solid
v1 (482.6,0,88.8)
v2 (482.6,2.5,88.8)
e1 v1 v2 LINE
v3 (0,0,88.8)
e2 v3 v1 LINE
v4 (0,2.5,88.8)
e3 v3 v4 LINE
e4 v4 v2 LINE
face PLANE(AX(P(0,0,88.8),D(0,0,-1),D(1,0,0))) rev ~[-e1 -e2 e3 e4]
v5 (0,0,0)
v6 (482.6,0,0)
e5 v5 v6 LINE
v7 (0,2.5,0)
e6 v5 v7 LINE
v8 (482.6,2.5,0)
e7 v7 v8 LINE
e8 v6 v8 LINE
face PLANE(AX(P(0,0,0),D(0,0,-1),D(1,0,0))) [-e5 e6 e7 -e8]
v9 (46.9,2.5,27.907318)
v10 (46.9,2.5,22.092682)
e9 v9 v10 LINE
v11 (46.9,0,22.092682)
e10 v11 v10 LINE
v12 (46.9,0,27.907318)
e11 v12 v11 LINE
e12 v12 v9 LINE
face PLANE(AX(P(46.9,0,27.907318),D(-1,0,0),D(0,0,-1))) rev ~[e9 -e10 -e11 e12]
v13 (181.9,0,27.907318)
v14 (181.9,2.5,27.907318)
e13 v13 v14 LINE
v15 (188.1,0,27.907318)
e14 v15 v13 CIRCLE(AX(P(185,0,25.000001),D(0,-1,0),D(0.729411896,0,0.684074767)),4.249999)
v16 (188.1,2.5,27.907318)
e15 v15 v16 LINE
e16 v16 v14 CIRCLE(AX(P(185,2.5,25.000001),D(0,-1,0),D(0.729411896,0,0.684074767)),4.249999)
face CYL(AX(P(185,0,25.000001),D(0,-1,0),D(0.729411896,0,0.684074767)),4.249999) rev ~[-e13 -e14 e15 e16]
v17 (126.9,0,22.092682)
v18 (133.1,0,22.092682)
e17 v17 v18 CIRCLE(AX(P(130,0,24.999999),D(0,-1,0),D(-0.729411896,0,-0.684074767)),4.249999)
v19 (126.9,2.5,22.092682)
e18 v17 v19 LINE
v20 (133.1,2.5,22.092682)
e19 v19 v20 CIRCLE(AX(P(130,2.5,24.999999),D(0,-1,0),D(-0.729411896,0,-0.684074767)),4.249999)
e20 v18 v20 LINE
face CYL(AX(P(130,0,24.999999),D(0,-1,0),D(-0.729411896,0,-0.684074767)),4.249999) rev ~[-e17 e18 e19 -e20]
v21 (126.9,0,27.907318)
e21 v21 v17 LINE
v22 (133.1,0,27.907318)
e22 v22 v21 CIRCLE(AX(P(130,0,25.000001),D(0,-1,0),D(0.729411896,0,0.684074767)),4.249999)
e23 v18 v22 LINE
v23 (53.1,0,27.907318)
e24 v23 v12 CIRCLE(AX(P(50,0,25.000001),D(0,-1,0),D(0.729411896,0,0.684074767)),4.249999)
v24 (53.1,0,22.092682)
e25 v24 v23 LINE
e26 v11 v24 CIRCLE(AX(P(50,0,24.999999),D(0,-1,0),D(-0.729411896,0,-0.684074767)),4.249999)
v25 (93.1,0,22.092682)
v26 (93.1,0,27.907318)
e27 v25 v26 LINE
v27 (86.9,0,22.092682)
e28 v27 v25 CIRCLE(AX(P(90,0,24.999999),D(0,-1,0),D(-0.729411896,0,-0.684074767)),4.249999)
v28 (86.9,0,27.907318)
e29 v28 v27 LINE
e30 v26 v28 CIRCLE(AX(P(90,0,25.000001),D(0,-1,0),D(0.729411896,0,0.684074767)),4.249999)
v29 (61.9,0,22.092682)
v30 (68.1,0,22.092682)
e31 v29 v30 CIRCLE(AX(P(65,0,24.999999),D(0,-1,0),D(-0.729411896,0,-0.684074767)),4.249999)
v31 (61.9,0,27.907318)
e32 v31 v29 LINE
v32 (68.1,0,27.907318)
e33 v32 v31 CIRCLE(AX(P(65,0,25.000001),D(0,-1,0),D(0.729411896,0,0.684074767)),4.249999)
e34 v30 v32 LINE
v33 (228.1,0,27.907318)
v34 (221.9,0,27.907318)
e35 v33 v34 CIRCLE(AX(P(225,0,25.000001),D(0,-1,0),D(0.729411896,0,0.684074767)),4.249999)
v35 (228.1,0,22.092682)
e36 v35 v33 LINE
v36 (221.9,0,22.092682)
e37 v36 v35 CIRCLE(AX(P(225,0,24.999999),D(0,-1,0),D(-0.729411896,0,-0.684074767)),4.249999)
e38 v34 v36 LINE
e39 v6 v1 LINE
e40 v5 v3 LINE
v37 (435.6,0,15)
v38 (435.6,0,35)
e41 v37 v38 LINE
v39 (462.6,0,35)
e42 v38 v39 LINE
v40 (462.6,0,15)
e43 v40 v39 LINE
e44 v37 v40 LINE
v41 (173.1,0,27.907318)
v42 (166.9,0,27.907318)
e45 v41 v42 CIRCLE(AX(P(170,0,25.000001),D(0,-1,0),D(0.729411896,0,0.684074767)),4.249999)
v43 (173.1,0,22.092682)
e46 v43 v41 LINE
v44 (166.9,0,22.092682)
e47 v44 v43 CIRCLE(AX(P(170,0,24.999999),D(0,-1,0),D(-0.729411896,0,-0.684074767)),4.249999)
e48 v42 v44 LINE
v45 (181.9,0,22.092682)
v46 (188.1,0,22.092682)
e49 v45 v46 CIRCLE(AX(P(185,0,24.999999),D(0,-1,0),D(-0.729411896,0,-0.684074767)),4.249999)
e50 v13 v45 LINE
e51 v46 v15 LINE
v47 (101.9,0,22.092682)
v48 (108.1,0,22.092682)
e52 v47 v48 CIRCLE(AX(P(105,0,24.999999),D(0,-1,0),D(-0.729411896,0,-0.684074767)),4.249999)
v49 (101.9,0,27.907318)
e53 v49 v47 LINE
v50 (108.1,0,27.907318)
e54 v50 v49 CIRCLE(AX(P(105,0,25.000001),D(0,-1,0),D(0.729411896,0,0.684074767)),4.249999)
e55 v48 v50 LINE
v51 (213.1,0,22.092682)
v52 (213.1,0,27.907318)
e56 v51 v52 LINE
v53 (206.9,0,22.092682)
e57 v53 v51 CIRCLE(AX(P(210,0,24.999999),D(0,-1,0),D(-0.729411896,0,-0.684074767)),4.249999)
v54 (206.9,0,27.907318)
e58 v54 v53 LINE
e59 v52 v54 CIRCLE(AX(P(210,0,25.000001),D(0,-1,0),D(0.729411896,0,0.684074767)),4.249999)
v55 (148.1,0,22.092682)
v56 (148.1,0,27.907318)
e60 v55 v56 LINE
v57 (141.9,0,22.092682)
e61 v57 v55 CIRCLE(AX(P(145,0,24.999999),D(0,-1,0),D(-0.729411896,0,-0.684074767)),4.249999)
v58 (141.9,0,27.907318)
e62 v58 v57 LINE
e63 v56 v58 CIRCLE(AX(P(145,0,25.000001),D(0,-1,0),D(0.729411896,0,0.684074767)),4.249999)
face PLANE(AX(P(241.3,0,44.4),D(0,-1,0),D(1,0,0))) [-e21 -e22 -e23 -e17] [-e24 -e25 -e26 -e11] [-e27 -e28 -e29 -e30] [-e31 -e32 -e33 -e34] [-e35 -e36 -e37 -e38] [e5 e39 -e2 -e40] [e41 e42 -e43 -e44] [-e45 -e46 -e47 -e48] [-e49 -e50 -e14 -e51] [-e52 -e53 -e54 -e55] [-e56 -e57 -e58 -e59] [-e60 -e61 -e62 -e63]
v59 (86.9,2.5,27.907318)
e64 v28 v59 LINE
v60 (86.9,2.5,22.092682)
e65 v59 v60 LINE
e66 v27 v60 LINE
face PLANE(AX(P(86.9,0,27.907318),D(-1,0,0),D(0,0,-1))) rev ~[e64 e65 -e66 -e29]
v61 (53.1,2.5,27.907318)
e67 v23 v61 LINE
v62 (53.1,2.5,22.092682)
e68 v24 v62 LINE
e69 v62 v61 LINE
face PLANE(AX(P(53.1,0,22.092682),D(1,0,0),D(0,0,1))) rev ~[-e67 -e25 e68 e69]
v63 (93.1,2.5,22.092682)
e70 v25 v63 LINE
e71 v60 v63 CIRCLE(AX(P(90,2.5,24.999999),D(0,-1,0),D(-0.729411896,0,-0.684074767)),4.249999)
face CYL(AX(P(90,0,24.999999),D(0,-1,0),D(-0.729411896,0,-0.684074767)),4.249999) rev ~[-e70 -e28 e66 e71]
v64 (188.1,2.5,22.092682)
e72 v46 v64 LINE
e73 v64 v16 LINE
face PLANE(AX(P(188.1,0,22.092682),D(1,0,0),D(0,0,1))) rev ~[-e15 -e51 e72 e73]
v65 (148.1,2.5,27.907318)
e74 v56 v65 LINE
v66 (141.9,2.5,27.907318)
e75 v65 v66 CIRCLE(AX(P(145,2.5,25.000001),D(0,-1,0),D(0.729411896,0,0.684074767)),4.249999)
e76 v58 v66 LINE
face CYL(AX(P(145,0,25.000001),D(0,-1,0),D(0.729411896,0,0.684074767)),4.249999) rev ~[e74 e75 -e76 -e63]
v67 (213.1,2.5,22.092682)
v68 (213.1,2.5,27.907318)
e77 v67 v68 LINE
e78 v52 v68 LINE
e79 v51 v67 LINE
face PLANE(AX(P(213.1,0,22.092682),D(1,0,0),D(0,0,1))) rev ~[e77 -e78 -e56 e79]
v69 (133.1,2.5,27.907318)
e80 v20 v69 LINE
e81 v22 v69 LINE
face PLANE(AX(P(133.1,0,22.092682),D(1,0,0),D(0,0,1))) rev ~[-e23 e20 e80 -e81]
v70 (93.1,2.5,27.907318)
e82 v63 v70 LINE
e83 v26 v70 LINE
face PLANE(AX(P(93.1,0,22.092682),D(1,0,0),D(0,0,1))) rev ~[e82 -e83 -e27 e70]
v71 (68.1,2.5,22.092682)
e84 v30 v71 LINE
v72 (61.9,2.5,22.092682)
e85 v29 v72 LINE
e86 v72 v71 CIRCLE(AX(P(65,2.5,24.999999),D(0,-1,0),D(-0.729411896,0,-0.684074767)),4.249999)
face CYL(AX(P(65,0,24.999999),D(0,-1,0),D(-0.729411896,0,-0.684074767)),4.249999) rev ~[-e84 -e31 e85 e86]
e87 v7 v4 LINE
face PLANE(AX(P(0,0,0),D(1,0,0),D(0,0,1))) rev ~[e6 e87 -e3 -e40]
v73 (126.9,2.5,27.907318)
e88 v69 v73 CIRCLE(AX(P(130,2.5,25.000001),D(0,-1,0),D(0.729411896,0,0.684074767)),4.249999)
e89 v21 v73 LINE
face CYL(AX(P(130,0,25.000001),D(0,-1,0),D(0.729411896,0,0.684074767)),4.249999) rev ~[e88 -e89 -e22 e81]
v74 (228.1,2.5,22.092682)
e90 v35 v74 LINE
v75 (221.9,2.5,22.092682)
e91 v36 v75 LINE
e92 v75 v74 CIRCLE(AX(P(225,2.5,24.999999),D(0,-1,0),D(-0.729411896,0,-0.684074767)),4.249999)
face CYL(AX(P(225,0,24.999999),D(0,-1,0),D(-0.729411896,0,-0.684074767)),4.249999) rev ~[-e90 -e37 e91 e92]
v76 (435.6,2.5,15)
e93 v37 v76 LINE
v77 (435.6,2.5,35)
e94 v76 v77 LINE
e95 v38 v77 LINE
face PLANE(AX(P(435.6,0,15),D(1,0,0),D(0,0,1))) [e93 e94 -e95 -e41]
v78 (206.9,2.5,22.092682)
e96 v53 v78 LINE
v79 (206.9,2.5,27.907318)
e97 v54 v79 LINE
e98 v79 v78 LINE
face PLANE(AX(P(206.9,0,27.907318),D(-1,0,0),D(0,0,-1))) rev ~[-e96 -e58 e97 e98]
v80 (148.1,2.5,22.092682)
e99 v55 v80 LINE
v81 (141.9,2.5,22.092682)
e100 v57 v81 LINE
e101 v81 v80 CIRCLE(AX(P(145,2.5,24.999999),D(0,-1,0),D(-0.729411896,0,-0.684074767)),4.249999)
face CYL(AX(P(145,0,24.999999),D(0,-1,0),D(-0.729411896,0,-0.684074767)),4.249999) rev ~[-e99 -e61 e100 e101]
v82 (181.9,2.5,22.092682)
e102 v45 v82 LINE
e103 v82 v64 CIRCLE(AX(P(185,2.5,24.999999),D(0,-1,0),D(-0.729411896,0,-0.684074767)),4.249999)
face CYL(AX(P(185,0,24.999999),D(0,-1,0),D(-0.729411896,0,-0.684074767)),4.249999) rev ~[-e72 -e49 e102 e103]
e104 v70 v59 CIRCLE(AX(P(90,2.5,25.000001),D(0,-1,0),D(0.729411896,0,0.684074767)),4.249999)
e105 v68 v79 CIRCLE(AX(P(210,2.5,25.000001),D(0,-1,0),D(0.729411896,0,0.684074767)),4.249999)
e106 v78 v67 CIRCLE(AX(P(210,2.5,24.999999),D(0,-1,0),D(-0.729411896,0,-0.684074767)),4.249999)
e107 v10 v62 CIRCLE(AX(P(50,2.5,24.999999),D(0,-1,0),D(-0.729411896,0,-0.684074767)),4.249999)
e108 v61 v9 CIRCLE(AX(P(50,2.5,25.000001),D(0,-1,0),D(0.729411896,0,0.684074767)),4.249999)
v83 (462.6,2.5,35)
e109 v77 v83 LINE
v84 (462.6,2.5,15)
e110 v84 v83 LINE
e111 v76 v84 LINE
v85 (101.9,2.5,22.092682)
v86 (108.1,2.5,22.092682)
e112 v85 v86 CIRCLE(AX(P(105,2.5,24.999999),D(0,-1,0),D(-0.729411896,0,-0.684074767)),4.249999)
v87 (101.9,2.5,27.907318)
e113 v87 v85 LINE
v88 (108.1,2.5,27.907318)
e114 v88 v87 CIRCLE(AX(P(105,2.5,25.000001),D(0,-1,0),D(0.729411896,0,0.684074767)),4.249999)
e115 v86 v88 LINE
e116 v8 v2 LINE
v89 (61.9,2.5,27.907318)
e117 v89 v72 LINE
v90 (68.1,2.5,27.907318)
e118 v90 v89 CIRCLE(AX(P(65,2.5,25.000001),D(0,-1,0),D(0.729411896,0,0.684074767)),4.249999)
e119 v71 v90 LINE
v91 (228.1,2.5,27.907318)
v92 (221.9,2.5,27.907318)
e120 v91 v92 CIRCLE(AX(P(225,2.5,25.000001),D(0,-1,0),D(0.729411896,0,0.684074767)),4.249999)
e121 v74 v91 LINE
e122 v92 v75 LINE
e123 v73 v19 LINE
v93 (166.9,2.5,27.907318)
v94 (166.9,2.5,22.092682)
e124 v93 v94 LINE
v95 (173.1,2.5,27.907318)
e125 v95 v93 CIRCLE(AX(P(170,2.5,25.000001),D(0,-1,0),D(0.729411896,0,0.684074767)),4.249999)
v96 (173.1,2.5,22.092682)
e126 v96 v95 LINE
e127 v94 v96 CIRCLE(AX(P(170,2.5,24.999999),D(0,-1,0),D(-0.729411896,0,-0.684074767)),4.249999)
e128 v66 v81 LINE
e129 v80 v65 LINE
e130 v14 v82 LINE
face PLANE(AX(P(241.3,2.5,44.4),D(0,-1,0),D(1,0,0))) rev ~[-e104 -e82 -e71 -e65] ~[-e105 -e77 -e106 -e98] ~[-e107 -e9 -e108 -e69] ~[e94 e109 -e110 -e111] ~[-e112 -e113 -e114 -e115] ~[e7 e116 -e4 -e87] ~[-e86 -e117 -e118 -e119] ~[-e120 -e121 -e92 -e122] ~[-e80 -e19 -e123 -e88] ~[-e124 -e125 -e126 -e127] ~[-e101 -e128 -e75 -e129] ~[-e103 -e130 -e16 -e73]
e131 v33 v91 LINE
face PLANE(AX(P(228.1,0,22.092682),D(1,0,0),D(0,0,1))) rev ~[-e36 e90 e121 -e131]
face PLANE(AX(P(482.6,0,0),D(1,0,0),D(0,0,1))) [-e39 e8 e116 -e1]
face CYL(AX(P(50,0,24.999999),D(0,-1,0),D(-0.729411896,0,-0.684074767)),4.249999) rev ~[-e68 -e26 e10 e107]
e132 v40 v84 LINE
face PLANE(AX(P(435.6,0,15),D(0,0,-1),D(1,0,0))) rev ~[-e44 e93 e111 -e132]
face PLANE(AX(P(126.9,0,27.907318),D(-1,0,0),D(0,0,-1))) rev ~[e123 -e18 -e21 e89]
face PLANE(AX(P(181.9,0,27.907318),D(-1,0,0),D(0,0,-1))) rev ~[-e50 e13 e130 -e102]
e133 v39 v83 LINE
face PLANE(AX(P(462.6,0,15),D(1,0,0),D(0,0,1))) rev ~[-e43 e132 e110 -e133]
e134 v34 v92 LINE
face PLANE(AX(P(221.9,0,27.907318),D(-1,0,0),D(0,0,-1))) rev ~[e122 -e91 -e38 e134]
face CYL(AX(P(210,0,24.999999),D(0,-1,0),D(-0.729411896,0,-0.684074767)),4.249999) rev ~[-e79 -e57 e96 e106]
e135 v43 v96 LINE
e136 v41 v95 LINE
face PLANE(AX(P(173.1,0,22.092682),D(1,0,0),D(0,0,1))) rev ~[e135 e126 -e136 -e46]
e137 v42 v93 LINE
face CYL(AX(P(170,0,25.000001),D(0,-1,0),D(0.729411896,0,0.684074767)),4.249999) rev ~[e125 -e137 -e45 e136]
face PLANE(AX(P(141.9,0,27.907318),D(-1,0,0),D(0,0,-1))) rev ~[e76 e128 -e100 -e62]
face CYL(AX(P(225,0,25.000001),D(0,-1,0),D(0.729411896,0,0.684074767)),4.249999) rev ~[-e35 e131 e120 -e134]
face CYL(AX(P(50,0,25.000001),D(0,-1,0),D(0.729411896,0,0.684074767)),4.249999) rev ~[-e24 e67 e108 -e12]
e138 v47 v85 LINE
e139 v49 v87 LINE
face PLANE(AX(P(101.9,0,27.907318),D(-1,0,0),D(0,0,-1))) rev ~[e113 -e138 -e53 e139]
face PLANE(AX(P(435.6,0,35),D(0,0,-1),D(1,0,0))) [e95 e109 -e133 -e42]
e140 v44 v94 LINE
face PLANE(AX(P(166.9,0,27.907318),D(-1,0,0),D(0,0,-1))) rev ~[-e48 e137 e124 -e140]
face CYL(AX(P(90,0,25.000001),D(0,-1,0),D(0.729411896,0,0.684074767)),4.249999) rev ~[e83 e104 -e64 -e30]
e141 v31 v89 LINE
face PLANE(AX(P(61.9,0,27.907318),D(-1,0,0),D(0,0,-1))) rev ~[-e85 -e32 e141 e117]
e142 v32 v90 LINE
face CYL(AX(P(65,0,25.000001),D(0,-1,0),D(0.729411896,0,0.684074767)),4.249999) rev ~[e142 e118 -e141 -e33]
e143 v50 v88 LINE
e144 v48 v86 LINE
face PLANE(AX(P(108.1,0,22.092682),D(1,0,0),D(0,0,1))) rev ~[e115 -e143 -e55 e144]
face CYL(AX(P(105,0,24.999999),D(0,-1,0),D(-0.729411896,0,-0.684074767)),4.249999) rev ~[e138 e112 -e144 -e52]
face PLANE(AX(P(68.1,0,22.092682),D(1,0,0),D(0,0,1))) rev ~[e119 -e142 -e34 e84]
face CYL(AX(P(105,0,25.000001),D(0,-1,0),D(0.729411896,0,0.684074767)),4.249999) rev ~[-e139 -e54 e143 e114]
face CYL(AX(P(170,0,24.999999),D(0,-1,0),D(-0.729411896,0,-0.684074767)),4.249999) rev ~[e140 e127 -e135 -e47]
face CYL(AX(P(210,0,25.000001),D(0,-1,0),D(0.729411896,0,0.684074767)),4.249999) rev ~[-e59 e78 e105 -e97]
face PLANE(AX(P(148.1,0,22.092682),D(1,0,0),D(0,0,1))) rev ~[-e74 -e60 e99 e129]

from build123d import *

# Parameters (mm, degrees)
F0_W     = 482.6
F0_H     = 88.8
F2_DEPTH = 2.5
F1_W     = 27
F1_H     = 20
F3_DEPTH = 2.501


with BuildPart() as f2:
    # F0 (on Front) → F2 (new body)
    with BuildSketch(Plane.XZ):
        with Locations((241.3, 44.4)):
            Rectangle(F0_W, F0_H)
    extrude(amount=-F2_DEPTH)

    # F1 (on face) → F3 (cut, through all)
    with BuildSketch(Plane.XZ):
        with Locations((449.1, 25)):
            Rectangle(F1_W, F1_H)
        with BuildLine():
            Line((46.9, 27.907318), (46.9, 22.092682))
            ThreePointArc((46.9, 22.092682), (50, 20.75), (53.1, 22.092682))
            Line((53.1, 22.092682), (53.1, 27.907318))
            ThreePointArc((53.1, 27.907318), (50, 29.25), (46.9, 27.907318))
        make_face()
        with BuildLine():
            Line((61.9, 27.907318), (61.9, 22.092682))
            ThreePointArc((61.9, 22.092682), (65, 20.75), (68.1, 22.092682))
            Line((68.1, 22.092682), (68.1, 27.907318))
            ThreePointArc((68.1, 27.907318), (65, 29.25), (61.9, 27.907318))
        make_face()
        with BuildLine():
            Line((108.1, 22.092682), (108.1, 27.907318))
            ThreePointArc((108.1, 27.907318), (105, 29.25), (101.9, 27.907318))
            Line((101.9, 27.907318), (101.9, 22.092682))
            ThreePointArc((101.9, 22.092682), (105, 20.75), (108.1, 22.092682))
        make_face()
        with BuildLine():
            Line((93.1, 22.092682), (93.1, 27.907318))
            ThreePointArc((93.1, 27.907318), (90, 29.25), (86.9, 27.907318))
            Line((86.9, 27.907318), (86.9, 22.092682))
            ThreePointArc((86.9, 22.092682), (90, 20.75), (93.1, 22.092682))
        make_face()
        with BuildLine():
            Line((148.1, 22.092682), (148.1, 27.907318))
            ThreePointArc((148.1, 27.907318), (145, 29.25), (141.9, 27.907318))
            Line((141.9, 27.907318), (141.9, 22.092682))
            ThreePointArc((141.9, 22.092682), (145, 20.75), (148.1, 22.092682))
        make_face()
        with BuildLine():
            Line((133.1, 22.092682), (133.1, 27.907318))
            ThreePointArc((133.1, 27.907318), (130, 29.25), (126.9, 27.907318))
            Line((126.9, 27.907318), (126.9, 22.092682))
            ThreePointArc((126.9, 22.092682), (130, 20.75), (133.1, 22.092682))
        make_face()
        with BuildLine():
            Line((188.1, 22.092682), (188.1, 27.907318))
            ThreePointArc((188.1, 27.907318), (185, 29.25), (181.9, 27.907318))
            Line((181.9, 27.907318), (181.9, 22.092682))
            ThreePointArc((181.9, 22.092682), (185, 20.75), (188.1, 22.092682))
        make_face()
        with BuildLine():
            Line((173.1, 22.092682), (173.1, 27.907318))
            ThreePointArc((173.1, 27.907318), (170, 29.25), (166.9, 27.907318))
            Line((166.9, 27.907318), (166.9, 22.092682))
            ThreePointArc((166.9, 22.092682), (170, 20.75), (173.1, 22.092682))
        make_face()
        with BuildLine():
            Line((228.1, 22.092682), (228.1, 27.907318))
            ThreePointArc((228.1, 27.907318), (225, 29.25), (221.9, 27.907318))
            Line((221.9, 27.907318), (221.9, 22.092682))
            ThreePointArc((221.9, 22.092682), (225, 20.75), (228.1, 22.092682))
        make_face()
        with BuildLine():
            Line((213.1, 22.092682), (213.1, 27.907318))
            ThreePointArc((213.1, 27.907318), (210, 29.25), (206.9, 27.907318))
            Line((206.9, 27.907318), (206.9, 22.092682))
            ThreePointArc((206.9, 22.092682), (210, 20.75), (213.1, 22.092682))
        make_face()
    extrude(amount=-F3_DEPTH, mode=Mode.SUBTRACT)


solid = f2.part
